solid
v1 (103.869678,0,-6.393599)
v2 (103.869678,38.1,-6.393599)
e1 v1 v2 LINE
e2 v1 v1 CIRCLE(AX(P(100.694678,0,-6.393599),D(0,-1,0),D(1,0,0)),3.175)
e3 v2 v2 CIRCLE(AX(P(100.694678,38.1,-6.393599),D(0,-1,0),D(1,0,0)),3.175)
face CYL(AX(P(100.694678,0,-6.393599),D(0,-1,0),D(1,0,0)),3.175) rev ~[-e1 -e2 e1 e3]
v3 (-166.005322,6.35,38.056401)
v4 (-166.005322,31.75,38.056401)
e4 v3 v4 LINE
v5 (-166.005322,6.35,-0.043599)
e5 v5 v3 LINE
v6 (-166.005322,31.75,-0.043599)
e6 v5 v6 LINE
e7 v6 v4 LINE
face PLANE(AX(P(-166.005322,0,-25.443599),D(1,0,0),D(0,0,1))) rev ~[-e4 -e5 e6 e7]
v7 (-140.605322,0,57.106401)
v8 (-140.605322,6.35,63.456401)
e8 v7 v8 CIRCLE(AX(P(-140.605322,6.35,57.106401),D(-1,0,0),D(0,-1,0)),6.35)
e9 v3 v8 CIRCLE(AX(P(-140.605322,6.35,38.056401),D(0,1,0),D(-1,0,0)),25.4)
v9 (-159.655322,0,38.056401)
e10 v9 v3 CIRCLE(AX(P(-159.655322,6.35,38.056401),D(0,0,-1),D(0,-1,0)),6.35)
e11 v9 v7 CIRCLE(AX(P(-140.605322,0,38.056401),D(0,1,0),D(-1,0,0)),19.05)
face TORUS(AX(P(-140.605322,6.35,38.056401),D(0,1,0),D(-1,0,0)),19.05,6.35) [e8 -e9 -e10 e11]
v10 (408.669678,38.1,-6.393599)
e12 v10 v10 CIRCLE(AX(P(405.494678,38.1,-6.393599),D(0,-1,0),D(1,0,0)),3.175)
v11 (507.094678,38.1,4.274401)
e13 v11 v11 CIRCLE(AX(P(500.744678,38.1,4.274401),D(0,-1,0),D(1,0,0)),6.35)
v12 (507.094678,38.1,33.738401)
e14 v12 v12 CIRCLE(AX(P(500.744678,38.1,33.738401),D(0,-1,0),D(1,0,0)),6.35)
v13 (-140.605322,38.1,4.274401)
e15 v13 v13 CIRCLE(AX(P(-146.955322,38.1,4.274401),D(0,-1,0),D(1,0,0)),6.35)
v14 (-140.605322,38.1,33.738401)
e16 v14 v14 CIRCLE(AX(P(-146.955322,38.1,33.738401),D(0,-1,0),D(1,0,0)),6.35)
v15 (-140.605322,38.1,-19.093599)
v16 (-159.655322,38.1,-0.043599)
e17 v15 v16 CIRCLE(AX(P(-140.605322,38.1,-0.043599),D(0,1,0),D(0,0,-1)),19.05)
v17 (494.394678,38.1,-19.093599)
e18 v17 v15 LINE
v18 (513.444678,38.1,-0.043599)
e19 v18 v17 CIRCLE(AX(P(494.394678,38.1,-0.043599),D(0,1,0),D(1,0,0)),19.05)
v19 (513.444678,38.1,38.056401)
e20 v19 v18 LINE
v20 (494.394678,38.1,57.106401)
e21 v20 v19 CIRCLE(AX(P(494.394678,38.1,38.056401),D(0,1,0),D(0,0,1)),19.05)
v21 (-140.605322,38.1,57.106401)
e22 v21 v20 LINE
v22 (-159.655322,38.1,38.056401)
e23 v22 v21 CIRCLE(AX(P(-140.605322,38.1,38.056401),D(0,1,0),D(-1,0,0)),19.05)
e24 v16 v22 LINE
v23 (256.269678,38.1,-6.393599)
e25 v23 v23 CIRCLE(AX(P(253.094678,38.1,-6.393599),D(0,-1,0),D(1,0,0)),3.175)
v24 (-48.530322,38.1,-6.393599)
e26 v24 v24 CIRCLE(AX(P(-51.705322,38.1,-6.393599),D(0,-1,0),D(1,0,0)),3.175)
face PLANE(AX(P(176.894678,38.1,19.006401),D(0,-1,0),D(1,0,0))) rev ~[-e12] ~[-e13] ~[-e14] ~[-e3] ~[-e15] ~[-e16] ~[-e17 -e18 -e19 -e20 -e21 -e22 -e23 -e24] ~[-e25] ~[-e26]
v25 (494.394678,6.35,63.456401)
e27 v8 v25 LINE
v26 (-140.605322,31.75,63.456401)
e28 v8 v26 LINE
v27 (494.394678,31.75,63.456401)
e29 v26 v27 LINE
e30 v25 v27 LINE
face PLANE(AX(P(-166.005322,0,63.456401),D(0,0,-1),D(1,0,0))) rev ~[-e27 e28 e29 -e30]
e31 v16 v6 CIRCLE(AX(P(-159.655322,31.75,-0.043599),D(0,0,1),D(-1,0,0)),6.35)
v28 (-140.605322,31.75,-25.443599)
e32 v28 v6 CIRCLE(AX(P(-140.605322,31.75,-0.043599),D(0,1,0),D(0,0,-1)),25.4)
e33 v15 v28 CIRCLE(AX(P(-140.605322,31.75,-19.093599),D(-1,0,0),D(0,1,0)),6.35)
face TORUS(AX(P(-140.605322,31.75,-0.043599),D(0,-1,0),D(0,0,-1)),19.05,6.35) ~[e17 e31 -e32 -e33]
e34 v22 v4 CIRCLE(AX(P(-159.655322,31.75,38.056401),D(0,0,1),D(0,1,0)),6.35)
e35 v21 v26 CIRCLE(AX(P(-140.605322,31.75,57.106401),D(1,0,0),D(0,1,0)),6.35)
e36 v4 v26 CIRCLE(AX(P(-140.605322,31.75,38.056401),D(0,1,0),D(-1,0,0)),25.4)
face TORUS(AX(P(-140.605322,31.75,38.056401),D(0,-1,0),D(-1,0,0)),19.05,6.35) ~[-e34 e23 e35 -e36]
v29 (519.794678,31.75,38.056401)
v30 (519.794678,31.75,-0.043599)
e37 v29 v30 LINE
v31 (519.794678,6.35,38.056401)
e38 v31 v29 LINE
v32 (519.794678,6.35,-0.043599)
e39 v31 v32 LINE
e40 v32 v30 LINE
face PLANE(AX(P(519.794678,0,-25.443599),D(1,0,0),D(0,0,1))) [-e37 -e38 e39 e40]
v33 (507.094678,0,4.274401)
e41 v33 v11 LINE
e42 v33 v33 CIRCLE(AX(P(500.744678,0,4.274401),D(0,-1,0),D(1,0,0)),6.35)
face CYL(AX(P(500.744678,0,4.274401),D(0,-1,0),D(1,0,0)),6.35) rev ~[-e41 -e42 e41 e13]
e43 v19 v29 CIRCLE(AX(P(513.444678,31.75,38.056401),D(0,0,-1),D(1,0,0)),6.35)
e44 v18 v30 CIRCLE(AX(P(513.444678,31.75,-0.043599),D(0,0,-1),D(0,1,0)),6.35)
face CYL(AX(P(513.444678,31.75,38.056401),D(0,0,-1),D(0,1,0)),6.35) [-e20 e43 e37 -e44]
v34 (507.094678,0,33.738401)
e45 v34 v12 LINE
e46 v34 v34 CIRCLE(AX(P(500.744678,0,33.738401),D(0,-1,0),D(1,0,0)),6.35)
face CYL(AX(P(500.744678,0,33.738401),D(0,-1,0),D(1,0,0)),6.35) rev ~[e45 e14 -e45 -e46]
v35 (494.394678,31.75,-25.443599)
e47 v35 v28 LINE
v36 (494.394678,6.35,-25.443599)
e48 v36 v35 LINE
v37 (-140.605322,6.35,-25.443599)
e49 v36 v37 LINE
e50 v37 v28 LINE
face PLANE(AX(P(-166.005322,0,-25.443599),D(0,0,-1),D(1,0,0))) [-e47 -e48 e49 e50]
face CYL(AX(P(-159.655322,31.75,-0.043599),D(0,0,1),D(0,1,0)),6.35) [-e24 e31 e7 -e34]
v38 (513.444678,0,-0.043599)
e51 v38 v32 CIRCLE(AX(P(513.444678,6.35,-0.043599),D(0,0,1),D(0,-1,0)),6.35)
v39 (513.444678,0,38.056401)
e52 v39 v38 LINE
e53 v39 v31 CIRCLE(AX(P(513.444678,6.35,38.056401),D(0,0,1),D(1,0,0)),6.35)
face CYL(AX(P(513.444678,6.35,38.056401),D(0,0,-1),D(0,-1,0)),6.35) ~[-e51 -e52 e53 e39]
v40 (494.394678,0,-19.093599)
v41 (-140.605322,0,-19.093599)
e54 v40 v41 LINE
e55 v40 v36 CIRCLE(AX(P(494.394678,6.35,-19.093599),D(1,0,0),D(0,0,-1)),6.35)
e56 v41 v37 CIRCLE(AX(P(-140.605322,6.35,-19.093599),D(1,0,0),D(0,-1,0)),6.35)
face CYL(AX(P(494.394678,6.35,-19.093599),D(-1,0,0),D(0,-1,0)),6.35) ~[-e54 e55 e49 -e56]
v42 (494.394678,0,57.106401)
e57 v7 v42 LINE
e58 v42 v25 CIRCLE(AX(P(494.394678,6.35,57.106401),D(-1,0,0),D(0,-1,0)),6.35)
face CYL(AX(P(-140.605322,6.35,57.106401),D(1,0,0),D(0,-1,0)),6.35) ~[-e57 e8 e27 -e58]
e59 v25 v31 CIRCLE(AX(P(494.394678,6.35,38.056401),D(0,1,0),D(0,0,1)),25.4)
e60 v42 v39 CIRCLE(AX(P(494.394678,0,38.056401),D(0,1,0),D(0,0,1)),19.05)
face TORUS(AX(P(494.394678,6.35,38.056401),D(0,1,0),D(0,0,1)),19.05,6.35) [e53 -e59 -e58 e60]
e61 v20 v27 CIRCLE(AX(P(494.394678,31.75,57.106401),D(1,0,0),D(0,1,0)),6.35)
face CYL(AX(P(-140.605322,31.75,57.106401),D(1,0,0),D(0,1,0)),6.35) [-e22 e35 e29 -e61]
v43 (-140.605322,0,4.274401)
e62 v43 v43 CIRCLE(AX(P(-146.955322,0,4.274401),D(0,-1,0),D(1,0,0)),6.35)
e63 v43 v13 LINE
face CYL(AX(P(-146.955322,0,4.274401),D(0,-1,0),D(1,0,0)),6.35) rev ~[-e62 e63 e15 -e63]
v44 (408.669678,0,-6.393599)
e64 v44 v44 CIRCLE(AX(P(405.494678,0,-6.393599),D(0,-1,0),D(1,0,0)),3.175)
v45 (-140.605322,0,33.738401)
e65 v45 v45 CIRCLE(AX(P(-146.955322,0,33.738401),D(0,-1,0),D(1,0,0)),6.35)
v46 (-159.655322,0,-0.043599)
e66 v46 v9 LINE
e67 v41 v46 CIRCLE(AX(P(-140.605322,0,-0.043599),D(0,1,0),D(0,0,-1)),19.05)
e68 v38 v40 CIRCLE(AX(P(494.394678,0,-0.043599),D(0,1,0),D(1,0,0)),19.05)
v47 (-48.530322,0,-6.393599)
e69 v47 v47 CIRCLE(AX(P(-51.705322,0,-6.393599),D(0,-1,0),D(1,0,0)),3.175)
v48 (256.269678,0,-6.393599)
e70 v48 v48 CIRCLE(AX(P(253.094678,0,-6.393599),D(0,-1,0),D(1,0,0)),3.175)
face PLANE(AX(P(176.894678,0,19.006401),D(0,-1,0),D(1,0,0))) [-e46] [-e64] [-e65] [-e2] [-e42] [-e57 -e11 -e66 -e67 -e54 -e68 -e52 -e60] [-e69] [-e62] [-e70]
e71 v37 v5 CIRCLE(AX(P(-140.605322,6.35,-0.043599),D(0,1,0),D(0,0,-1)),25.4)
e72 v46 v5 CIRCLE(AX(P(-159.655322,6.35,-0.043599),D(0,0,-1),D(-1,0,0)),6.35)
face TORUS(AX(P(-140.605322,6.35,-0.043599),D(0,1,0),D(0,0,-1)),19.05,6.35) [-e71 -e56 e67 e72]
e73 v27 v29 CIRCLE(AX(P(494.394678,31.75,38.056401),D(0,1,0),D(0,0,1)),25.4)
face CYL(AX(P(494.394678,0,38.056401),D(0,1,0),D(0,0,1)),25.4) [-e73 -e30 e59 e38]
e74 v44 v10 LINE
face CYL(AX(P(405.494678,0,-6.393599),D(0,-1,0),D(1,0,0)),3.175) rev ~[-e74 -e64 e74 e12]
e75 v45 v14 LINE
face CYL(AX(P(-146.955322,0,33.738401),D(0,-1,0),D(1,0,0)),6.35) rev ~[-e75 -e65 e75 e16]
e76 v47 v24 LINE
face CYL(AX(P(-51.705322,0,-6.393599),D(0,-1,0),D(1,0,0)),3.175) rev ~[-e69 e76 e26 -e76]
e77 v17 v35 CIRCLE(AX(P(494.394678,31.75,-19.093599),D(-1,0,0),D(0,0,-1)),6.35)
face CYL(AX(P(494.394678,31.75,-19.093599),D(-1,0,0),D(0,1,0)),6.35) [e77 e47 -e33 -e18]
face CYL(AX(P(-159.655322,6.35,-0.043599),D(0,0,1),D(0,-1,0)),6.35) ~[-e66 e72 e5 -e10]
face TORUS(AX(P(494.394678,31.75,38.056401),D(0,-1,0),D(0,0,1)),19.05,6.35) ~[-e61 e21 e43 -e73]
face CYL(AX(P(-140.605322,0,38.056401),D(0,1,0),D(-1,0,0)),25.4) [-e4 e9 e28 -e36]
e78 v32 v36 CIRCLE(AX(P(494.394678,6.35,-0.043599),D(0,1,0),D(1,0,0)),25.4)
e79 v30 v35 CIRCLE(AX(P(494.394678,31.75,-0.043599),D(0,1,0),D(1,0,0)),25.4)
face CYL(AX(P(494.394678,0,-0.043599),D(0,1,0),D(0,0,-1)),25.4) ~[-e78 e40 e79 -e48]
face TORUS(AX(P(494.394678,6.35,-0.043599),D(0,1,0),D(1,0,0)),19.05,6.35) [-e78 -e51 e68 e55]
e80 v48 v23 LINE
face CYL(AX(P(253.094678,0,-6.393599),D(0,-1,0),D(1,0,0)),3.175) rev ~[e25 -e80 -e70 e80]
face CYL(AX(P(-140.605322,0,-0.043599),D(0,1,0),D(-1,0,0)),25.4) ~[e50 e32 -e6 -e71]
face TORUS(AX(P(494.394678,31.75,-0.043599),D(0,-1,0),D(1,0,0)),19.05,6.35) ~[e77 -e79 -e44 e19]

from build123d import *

# Parameters (mm, degrees)
F0_W     = 685.8
F0_H     = 88.9
F0_R     = 3.175
F0_R_2   = 6.35
F1_DEPTH = 38.1
F2_R     = 25.4
F3_R     = 6.35


with BuildPart() as f1:
    # F0 (on Front) → F1 (new body)
    with BuildSketch(Plane.XZ):
        with Locations((176.894678, 19.006401)):
            Rectangle(F0_W, F0_H)
        with Locations((-51.705322, -6.393599)):
            Circle(F0_R, mode=Mode.SUBTRACT)
        with Locations((100.694678, -6.393599)):
            Circle(F0_R, mode=Mode.SUBTRACT)
        with Locations((-146.955322, 4.274401)):
            Circle(F0_R_2, mode=Mode.SUBTRACT)
        with Locations((253.094678, -6.393599)):
            Circle(F0_R, mode=Mode.SUBTRACT)
        with Locations((405.494678, -6.393599)):
            Circle(F0_R, mode=Mode.SUBTRACT)
        with Locations((500.744678, 4.274401)):
            Circle(F0_R_2, mode=Mode.SUBTRACT)
        with Locations((-146.955322, 33.738401)):
            Circle(F0_R_2, mode=Mode.SUBTRACT)
        with Locations((500.744678, 33.738401)):
            Circle(F0_R_2, mode=Mode.SUBTRACT)
    extrude(amount=-F1_DEPTH)

    # F2
    f2_edges = [f1.edges().sort_by_distance(p)[0] for p in [
        (519.794678, 19.05, 63.456401),
        (519.794678, 19.05, -25.443599),
        (-166.005322, 19.05, 63.456401),
        (-166.005322, 19.05, -25.443599),
    ]]
    fillet(f2_edges, radius=F2_R)

    # F3
    f3_edges = [f1.edges().sort_by_distance(p)[0] for p in [
        (176.894678, 0, 63.456401),
        (176.894678, 38.1, 63.456401),
    ]]
    fillet(f3_edges, radius=F3_R)


solid = f1.part
